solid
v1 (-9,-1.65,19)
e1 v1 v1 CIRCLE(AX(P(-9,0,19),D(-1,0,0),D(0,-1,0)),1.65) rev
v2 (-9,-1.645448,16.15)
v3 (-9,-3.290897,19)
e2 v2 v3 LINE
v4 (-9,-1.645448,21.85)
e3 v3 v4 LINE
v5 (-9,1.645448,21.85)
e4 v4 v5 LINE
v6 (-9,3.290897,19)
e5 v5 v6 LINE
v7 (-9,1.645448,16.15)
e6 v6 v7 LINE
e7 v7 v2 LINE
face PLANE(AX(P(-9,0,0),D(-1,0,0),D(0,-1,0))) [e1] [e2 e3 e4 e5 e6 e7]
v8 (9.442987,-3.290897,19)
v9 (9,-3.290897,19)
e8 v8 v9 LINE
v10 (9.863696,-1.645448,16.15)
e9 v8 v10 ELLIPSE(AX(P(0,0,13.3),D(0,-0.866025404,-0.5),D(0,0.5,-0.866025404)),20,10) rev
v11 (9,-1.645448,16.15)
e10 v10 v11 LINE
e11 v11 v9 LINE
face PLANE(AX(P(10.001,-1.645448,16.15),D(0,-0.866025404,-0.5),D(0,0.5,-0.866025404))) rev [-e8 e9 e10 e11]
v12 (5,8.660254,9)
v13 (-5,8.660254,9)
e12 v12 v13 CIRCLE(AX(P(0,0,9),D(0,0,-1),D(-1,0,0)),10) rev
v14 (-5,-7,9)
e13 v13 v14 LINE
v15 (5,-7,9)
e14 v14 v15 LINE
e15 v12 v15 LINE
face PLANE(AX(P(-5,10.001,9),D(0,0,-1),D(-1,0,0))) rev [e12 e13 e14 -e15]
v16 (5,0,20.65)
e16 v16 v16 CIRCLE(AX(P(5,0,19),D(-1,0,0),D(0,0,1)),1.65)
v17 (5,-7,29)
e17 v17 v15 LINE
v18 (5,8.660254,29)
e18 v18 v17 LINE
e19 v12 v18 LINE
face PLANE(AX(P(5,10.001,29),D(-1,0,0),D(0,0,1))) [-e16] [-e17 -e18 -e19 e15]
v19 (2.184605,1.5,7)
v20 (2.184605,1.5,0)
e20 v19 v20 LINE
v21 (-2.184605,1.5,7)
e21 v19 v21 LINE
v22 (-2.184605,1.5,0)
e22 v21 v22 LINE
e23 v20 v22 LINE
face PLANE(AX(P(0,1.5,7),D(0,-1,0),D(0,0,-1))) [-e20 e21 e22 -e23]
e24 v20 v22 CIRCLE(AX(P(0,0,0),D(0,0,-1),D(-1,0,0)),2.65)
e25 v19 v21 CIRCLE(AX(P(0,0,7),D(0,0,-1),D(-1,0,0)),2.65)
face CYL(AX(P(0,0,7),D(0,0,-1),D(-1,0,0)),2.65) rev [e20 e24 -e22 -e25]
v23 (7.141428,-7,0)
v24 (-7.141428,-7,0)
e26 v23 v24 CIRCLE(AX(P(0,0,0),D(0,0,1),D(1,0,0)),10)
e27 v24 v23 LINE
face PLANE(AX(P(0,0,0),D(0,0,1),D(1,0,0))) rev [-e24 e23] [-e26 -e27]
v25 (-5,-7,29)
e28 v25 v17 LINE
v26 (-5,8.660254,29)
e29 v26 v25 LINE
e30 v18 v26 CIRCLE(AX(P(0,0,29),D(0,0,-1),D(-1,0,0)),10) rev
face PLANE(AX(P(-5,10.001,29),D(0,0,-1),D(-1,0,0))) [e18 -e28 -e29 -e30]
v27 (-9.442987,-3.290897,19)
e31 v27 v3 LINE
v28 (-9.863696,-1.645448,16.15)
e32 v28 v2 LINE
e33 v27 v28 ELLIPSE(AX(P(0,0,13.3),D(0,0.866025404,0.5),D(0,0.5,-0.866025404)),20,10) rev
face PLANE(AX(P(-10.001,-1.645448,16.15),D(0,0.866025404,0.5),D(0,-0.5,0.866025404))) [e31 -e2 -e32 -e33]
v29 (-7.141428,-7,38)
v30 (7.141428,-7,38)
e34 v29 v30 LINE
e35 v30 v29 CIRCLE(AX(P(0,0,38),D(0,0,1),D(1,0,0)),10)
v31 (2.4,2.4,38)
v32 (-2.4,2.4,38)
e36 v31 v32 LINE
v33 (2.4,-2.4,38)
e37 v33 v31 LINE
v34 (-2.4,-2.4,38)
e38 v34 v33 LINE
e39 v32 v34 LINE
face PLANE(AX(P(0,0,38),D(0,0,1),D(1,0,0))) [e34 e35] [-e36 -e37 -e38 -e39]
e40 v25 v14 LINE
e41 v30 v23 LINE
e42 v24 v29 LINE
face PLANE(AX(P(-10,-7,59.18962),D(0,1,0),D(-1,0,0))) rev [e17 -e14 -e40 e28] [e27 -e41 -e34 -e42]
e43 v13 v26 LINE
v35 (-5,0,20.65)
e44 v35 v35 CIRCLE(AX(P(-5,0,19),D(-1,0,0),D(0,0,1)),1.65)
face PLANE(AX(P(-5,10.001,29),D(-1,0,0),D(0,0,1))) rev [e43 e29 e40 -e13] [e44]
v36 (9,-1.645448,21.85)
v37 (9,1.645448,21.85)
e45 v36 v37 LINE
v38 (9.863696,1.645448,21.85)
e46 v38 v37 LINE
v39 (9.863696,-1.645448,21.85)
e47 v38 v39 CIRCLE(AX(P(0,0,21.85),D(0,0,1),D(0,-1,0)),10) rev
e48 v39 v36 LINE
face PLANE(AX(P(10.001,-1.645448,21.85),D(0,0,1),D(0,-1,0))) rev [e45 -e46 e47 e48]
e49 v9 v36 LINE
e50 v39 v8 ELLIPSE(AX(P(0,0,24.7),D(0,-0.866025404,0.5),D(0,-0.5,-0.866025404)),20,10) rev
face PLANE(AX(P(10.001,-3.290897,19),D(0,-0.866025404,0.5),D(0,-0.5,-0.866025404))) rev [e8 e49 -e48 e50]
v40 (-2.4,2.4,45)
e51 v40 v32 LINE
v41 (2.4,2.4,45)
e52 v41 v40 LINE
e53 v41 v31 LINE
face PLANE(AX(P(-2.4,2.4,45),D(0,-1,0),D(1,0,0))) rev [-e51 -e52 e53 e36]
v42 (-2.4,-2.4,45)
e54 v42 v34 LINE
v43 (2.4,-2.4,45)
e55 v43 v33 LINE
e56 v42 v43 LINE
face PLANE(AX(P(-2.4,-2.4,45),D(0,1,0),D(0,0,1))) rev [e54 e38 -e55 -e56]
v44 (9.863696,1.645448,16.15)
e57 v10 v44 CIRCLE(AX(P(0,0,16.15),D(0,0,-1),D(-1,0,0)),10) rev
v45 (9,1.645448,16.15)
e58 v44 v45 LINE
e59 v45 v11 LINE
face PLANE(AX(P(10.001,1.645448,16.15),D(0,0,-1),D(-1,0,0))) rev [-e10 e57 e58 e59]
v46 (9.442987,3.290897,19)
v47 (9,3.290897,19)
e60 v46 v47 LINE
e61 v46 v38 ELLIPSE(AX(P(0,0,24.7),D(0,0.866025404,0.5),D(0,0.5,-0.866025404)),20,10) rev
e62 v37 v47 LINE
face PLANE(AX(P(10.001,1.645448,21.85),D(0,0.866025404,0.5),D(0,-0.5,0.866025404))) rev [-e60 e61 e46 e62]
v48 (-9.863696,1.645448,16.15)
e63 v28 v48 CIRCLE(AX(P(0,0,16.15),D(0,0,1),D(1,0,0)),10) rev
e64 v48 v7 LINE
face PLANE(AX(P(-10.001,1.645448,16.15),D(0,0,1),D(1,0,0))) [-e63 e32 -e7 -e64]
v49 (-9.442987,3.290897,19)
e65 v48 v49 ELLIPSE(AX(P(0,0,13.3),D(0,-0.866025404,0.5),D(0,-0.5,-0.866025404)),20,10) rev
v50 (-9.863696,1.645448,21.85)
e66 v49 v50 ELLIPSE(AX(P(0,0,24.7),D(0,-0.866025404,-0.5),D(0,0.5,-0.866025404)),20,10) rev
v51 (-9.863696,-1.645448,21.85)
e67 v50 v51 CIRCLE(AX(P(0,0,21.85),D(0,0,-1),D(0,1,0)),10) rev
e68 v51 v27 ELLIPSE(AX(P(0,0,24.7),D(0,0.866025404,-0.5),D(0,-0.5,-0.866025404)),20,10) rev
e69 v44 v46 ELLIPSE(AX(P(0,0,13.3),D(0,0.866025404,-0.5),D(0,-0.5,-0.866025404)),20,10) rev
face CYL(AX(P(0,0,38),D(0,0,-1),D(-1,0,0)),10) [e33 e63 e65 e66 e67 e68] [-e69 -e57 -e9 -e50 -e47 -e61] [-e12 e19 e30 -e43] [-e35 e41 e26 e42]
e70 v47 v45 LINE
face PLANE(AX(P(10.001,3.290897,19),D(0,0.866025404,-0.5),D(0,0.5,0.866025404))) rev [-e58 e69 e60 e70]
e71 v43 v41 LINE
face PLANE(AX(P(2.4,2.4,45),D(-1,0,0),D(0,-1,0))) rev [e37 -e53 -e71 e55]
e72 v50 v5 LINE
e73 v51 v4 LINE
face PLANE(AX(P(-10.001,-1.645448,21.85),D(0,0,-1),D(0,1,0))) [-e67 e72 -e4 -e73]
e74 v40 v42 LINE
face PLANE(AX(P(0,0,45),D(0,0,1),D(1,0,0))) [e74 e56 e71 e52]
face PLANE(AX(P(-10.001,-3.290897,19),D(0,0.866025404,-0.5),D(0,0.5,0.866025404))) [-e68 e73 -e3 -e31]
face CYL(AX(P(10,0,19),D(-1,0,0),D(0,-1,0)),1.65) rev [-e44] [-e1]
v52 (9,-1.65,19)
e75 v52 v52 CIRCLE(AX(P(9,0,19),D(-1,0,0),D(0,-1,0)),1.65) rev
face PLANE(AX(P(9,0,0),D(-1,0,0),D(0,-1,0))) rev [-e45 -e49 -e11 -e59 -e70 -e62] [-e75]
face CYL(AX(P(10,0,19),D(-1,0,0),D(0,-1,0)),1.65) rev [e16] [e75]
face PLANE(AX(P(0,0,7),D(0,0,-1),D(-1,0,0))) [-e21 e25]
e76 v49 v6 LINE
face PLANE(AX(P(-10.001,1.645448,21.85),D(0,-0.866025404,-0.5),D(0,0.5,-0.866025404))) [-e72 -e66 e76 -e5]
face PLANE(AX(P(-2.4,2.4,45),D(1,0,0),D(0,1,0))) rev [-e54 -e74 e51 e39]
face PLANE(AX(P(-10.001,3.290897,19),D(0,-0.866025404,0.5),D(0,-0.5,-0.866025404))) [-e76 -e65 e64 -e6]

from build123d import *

# Parameters (mm, degrees)
SKIZZE1_R                            = 10
AUFSATZ_LINEAR_AUSTRAGEN1_DEPTH      = 38
SKIZZE2_W                            = 4.8
SKIZZE2_H                            = 4.8
AUFSATZ_LINEAR_AUSTRAGEN2_DEPTH      = 7
SCHNITT_LINEAR_AUSTRAGEN1_DEPTH      = 7
SKIZZE4_W                            = 20
SKIZZE4_H                            = 7
SCHNITT_LINEAR_AUSTRAGEN3_DEPTH      = 38
SCHNITT_LINEAR_AUSTRAGEN4_REACH      = 19
SKIZZE5_W                            = 10
SKIZZE5_H                            = 20
SKIZZE6_R                            = 1.65
SCHNITT_LINEAR_AUSTRAGEN5_DEPTH      = 16
SCHNITT_LINEAR_AUSTRAGEN5_DEPTH_BACK = 6
SCHNITT_LINEAR_AUSTRAGEN6_REACH      = 11
SCHNITT_LINEAR_START                 = -4
SCHNITT_LINEAR_AUSTRAGEN7_REACH      = 31
SCHNITT_LINEAR_START_2               = 14


with BuildPart() as part:
    # Skizze1 → Aufsatz-Linear austragen1 (new body)
    with BuildSketch(Plane.XY):
        Circle(SKIZZE1_R)
    extrude(amount=AUFSATZ_LINEAR_AUSTRAGEN1_DEPTH)

    # Skizze2 → Aufsatz-Linear austragen2 (add)
    with BuildSketch(Plane.XY.offset(38)):
        Rectangle(SKIZZE2_W, SKIZZE2_H)
    extrude(amount=AUFSATZ_LINEAR_AUSTRAGEN2_DEPTH)

    # Skizze3 → Schnitt-Linear austragen1 (cut)
    with BuildSketch(Plane(origin=(0, 0, 0), x_dir=(-1, 0, 0), z_dir=(0, 0, -1))):
        with BuildLine():
            Line((2.184605227, 1.5), (-2.184605227, 1.5))
            ThreePointArc((-2.184605227, 1.5), (-0.785269427, -2.530978452), (2.65, 0))
            ThreePointArc((2.65, 0), (2.530978452, 0.785269427), (2.184605227, 1.5))
        make_face()
    extrude(amount=-SCHNITT_LINEAR_AUSTRAGEN1_DEPTH, mode=Mode.SUBTRACT)

    # Skizze4 → Schnitt-Linear austragen3 (cut)
    with BuildSketch(Plane(origin=(0, 0, 0), x_dir=(-1, 0, 0), z_dir=(0, 0, -1))):
        with Locations((0, -10.5)):
            Rectangle(SKIZZE4_W, SKIZZE4_H)
    extrude(amount=-SCHNITT_LINEAR_AUSTRAGEN3_DEPTH, mode=Mode.SUBTRACT)

    # Skizze5 → Schnitt-Linear austragen4 (cut, up to next)
    with BuildSketch(Plane.XZ.offset(7), mode=Mode.PRIVATE) as schnitt_linear_austragen4_sk1:
        with Locations((0, 19)):
            Rectangle(SKIZZE5_W, SKIZZE5_H)
    schnitt_linear_austragen4_tool1 = extrude(schnitt_linear_austragen4_sk1.sketch, amount=-SCHNITT_LINEAR_AUSTRAGEN4_REACH, mode=Mode.PRIVATE) & part.part
    add(schnitt_linear_austragen4_tool1.solids().sort_by_distance((0, -7, 19))[0], mode=Mode.SUBTRACT)

    # Skizze6 → Schnitt-Linear austragen5 (cut, two sides)
    with BuildSketch(Plane.ZY.offset(-5)) as schnitt_linear_austragen5_sk:
        with Locations((19, 0)):
            Circle(SKIZZE6_R)
    extrude(amount=SCHNITT_LINEAR_AUSTRAGEN5_DEPTH, mode=Mode.SUBTRACT)
    extrude(schnitt_linear_austragen5_sk.sketch, amount=-SCHNITT_LINEAR_AUSTRAGEN5_DEPTH_BACK, mode=Mode.SUBTRACT)

    # Skizze7 → Schnitt-Linear austragen6 (cut, up to next)
    with BuildSketch(Plane.ZY.offset(-5).offset(SCHNITT_LINEAR_START), mode=Mode.PRIVATE) as schnitt_linear_austragen6_sk1:
        Polygon((19, -3.290896534), (21.85, -1.645448267), (21.85, 1.645448267), (19, 3.290896534), (16.15, 1.645448267), (16.15, -1.645448267), align=None)
    schnitt_linear_austragen6_tool1 = extrude(schnitt_linear_austragen6_sk1.sketch, amount=-SCHNITT_LINEAR_AUSTRAGEN6_REACH, mode=Mode.PRIVATE) & part.part
    add(schnitt_linear_austragen6_tool1.solids().sort_by_distance((9, 0, 19))[0], mode=Mode.SUBTRACT)

    # Skizze7<2> → Schnitt-Linear austragen7 (cut, up to next)
    with BuildSketch(Plane.ZY.offset(-5).offset(SCHNITT_LINEAR_START_2), mode=Mode.PRIVATE) as schnitt_linear_austragen7_sk1:
        Polygon((19, -3.290896534), (21.85, -1.645448267), (21.85, 1.645448267), (19, 3.290896534), (16.15, 1.645448267), (16.15, -1.645448267), align=None)
    schnitt_linear_austragen7_tool1 = extrude(schnitt_linear_austragen7_sk1.sketch, amount=SCHNITT_LINEAR_AUSTRAGEN7_REACH, mode=Mode.PRIVATE) & part.part
    add(schnitt_linear_austragen7_tool1.solids().sort_by_distance((-9, 0, 19))[0], mode=Mode.SUBTRACT)


solid = part.part
